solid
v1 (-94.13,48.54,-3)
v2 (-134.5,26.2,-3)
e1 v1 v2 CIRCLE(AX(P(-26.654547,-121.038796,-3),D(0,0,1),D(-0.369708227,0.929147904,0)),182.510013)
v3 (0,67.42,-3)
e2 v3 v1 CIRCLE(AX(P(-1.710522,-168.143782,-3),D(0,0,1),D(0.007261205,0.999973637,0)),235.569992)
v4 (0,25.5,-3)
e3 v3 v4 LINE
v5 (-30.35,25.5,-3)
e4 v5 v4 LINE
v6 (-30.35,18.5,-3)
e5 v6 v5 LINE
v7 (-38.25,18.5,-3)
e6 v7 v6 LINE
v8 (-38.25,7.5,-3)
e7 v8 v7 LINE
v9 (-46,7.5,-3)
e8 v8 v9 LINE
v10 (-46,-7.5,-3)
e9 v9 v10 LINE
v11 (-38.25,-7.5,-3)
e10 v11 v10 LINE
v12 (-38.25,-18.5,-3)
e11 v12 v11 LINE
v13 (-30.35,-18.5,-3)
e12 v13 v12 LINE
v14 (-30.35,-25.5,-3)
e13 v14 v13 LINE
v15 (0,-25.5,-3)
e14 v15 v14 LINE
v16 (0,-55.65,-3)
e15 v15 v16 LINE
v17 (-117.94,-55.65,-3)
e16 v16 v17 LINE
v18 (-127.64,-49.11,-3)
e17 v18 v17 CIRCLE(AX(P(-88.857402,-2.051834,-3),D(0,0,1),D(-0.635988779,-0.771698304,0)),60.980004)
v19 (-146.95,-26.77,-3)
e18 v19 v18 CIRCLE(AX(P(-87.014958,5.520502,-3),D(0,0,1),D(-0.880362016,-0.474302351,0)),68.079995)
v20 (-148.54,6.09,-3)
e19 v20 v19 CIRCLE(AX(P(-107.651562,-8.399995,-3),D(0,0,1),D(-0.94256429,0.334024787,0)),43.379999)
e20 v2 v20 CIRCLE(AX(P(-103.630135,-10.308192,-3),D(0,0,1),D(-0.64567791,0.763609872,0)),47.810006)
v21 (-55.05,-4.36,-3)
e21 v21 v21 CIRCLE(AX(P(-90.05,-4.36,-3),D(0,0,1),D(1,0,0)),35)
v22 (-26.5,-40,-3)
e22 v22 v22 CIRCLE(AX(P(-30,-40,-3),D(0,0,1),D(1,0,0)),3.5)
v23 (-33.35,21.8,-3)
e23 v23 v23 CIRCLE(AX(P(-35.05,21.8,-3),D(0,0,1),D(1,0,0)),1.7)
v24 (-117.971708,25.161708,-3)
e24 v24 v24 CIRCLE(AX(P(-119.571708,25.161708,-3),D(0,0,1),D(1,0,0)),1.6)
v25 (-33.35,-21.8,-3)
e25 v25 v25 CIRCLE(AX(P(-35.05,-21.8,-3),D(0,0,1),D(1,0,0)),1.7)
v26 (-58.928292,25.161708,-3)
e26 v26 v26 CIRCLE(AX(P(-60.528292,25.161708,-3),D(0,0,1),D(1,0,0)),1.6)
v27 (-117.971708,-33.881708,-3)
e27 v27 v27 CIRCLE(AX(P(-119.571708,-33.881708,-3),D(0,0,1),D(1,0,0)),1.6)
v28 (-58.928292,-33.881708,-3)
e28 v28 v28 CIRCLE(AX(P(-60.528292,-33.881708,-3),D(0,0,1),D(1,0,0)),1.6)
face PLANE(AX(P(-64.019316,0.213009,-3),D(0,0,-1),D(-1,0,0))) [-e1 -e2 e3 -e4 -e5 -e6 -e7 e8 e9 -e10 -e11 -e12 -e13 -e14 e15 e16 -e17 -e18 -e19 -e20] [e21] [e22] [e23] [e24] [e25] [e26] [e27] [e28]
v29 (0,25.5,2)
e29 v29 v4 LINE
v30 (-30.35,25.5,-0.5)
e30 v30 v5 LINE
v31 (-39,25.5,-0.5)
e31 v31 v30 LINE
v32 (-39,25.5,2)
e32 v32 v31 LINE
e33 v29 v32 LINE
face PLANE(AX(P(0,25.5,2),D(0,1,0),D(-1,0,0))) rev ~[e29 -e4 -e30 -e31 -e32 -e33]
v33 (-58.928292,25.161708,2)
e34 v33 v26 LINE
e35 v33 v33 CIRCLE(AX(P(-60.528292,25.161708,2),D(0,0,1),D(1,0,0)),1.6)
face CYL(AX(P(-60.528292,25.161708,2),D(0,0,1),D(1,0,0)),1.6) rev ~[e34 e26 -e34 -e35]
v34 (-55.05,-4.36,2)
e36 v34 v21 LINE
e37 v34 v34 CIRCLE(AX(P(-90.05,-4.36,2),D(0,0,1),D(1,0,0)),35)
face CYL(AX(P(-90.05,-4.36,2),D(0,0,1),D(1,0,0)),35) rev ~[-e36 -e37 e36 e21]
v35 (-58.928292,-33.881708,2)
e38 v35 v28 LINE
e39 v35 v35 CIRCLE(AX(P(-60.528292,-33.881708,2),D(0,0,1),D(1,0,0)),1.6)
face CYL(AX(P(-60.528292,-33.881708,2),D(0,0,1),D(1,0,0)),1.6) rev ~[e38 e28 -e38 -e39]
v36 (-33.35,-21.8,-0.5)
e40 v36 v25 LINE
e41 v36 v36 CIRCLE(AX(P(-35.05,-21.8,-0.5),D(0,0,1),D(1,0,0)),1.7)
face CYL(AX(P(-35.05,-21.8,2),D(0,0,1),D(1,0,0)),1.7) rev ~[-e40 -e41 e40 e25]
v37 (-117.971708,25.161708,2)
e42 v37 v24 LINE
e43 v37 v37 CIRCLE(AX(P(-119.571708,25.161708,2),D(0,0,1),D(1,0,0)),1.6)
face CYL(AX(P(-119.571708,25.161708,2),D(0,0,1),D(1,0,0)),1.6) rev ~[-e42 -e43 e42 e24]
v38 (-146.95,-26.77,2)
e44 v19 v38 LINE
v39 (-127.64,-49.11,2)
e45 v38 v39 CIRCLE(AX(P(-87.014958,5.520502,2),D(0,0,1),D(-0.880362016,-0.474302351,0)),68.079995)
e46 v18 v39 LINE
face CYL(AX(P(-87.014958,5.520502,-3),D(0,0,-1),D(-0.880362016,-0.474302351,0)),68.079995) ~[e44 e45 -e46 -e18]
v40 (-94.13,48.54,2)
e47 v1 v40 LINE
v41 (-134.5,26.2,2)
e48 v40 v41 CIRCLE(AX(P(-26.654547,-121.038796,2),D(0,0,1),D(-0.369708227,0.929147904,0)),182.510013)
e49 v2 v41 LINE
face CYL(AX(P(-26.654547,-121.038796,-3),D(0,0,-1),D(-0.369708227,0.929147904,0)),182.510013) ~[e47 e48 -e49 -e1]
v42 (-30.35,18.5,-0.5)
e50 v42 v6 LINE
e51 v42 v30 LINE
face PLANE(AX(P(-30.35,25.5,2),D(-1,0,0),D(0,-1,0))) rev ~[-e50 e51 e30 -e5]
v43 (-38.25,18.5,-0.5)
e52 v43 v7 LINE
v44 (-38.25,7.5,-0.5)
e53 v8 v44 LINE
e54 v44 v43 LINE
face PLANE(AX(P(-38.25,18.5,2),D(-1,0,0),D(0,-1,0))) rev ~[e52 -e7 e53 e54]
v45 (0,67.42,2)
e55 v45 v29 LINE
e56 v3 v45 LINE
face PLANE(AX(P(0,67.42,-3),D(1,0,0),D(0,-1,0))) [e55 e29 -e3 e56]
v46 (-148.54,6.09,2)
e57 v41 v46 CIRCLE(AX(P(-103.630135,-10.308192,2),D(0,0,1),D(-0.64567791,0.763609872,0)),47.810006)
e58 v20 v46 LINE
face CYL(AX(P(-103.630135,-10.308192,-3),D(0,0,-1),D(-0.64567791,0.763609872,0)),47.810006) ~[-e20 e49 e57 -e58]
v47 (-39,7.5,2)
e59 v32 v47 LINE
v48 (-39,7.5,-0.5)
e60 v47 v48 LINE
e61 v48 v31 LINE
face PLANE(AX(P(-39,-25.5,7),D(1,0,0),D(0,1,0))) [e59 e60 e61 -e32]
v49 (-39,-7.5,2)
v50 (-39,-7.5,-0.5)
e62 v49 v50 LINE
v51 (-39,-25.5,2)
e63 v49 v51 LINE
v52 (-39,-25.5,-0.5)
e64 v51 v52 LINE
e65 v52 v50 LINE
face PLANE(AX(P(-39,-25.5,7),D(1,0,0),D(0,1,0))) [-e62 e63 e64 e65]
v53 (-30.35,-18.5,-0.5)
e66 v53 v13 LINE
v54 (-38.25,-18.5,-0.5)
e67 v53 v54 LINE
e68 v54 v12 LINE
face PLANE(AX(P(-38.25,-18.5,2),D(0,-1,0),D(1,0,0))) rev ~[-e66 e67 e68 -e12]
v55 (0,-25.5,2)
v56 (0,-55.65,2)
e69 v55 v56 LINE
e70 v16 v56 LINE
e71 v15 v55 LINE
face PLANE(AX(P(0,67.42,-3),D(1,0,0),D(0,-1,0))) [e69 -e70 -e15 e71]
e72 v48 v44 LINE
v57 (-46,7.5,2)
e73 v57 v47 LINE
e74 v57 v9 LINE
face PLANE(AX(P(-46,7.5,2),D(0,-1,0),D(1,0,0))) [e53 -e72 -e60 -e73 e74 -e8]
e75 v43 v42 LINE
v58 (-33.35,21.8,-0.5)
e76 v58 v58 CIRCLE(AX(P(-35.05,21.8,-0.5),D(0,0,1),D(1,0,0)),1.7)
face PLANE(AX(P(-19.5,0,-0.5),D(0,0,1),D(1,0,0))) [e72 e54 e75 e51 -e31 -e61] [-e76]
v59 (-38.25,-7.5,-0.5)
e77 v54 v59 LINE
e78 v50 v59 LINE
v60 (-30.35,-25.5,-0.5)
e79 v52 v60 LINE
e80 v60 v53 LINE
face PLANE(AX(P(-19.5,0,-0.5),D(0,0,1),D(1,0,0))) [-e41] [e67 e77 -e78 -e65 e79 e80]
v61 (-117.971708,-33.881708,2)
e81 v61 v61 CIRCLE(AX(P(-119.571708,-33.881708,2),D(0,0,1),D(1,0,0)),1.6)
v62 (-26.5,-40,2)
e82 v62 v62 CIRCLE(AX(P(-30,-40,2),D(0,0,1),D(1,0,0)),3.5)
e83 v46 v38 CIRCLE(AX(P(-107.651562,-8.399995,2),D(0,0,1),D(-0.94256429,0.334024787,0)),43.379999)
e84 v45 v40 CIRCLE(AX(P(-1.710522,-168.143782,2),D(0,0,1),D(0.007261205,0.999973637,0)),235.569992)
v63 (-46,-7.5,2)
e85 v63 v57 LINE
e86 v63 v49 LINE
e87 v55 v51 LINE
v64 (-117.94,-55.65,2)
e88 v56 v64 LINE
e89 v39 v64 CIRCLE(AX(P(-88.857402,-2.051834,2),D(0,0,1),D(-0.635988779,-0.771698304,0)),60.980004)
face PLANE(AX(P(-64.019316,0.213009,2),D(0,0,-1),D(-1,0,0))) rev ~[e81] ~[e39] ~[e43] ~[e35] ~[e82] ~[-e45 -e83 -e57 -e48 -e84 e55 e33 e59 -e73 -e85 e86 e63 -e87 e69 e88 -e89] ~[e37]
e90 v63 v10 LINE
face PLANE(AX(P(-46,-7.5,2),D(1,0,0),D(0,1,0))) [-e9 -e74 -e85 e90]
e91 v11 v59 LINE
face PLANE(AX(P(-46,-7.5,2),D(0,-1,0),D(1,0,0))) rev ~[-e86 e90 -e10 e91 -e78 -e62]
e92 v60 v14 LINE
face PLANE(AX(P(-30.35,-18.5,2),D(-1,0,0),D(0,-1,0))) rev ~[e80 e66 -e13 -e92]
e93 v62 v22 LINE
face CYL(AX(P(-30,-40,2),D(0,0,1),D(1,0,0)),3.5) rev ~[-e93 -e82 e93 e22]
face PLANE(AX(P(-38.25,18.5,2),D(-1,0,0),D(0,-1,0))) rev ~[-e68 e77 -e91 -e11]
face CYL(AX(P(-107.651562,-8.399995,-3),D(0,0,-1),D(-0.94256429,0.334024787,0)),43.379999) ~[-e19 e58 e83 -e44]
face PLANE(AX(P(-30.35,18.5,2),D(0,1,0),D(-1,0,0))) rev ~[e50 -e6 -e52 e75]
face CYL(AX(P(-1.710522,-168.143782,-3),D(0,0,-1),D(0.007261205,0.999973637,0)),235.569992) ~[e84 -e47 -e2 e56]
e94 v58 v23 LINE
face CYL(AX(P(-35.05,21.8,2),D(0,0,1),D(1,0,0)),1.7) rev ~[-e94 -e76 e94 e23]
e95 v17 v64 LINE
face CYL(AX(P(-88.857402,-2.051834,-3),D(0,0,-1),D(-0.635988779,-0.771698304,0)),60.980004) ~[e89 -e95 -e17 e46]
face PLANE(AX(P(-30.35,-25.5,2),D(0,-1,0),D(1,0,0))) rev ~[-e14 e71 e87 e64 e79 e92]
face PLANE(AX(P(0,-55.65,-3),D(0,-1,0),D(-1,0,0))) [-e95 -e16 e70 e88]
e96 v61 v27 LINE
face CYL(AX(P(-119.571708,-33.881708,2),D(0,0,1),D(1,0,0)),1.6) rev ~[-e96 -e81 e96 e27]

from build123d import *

# Parameters (mm, degrees)
PAD001_DEPTH    = 5
SKETCH009_R     = 35
SKETCH009_R_2   = 1.6
POCKET002_DEPTH = 5.001
SKETCH010_R     = 3.5
SKETCH010_R_2   = 1.7
POCKET003_DEPTH = 5.001
COPYSKETCH026_W = 39
COPYSKETCH026_H = 51
POCKET029_DEPTH = 7.5
SKETCH034_W     = 8
SKETCH034_H     = 15
POCKET035_DEPTH = 5.001


with BuildPart() as part:
    # Sketch008 → Pad001 (new body)
    with BuildSketch(Plane.XY):
        with BuildLine():
            Line((0, 67.42), (0, -55.65))
            Line((0, -55.65), (-117.94, -55.65))
            ThreePointArc((-127.64, -49.11), (-122.947197, -52.613151), (-117.94, -55.65))
            ThreePointArc((-146.95, -26.77), (-138.520798, -38.999541), (-127.64, -49.11))
            ThreePointArc((-148.54, 6.09), (-150.980867, -10.496574), (-146.95, -26.77))
            ThreePointArc((-134.5, 26.2), (-142.831473, 17.060618), (-148.54, 6.09))
            ThreePointArc((-94.13, 48.54), (-115.023795, 38.650843), (-134.5, 26.2))
            ThreePointArc((0, 67.42), (-48.036997, 62.826084), (-94.13, 48.54))
        make_face()
    extrude(amount=PAD001_DEPTH)

    # Sketch009 (on Face10 of Pad001) → Pocket002 (cut, through all)
    with BuildSketch(Plane.XY.offset(5)):
        with Locations((-90.05, -4.36)):
            Circle(SKETCH009_R)
        with Locations((-119.571708, 25.161708)):
            Circle(SKETCH009_R_2)
        with Locations((-119.571708, -33.881708)):
            Circle(SKETCH009_R_2)
        with Locations((-60.528292, -33.881708)):
            Circle(SKETCH009_R_2)
        with Locations((-60.528292, 25.161708)):
            Circle(SKETCH009_R_2)
    extrude(amount=-POCKET002_DEPTH, mode=Mode.SUBTRACT)

    # Sketch010 (on Face5 of Pocket002) → Pocket003 (cut, through all)
    with BuildSketch(Plane.XY.offset(5)):
        with Locations((-30, -40)):
            Circle(SKETCH010_R)
        with Locations((-35.05, 21.8)):
            Circle(SKETCH010_R_2)
        with Locations((-35.05, -21.8)):
            Circle(SKETCH010_R_2)
        Polygon((0, 25.5), (-30.35, 25.5), (-30.35, 18.5), (-38.25, 18.5), (-38.25, -18.5), (-30.35, -18.5), (-30.35, -25.5), (0, -25.5), align=None)
    extrude(amount=-POCKET003_DEPTH, mode=Mode.SUBTRACT)

    # CopySketch026 → Pocket029 (cut)
    with BuildSketch(Plane.XY.offset(10)):
        with Locations((-19.5, 0)):
            Rectangle(COPYSKETCH026_W, COPYSKETCH026_H)
    extrude(amount=-POCKET029_DEPTH, mode=Mode.SUBTRACT)

    # Sketch034 (on Face5 of Pocket029) → Pocket035 (cut, through all)
    with BuildSketch(Plane.XY.offset(5)):
        with Locations((-42, 0)):
            Rectangle(SKETCH034_W, SKETCH034_H)
    extrude(amount=-POCKET035_DEPTH, mode=Mode.SUBTRACT)


with BuildPart() as part_1:
    # Body001 placement: moved
    add(part.part.moved(Location((0, 0, -3))))


solid = part_1.part
